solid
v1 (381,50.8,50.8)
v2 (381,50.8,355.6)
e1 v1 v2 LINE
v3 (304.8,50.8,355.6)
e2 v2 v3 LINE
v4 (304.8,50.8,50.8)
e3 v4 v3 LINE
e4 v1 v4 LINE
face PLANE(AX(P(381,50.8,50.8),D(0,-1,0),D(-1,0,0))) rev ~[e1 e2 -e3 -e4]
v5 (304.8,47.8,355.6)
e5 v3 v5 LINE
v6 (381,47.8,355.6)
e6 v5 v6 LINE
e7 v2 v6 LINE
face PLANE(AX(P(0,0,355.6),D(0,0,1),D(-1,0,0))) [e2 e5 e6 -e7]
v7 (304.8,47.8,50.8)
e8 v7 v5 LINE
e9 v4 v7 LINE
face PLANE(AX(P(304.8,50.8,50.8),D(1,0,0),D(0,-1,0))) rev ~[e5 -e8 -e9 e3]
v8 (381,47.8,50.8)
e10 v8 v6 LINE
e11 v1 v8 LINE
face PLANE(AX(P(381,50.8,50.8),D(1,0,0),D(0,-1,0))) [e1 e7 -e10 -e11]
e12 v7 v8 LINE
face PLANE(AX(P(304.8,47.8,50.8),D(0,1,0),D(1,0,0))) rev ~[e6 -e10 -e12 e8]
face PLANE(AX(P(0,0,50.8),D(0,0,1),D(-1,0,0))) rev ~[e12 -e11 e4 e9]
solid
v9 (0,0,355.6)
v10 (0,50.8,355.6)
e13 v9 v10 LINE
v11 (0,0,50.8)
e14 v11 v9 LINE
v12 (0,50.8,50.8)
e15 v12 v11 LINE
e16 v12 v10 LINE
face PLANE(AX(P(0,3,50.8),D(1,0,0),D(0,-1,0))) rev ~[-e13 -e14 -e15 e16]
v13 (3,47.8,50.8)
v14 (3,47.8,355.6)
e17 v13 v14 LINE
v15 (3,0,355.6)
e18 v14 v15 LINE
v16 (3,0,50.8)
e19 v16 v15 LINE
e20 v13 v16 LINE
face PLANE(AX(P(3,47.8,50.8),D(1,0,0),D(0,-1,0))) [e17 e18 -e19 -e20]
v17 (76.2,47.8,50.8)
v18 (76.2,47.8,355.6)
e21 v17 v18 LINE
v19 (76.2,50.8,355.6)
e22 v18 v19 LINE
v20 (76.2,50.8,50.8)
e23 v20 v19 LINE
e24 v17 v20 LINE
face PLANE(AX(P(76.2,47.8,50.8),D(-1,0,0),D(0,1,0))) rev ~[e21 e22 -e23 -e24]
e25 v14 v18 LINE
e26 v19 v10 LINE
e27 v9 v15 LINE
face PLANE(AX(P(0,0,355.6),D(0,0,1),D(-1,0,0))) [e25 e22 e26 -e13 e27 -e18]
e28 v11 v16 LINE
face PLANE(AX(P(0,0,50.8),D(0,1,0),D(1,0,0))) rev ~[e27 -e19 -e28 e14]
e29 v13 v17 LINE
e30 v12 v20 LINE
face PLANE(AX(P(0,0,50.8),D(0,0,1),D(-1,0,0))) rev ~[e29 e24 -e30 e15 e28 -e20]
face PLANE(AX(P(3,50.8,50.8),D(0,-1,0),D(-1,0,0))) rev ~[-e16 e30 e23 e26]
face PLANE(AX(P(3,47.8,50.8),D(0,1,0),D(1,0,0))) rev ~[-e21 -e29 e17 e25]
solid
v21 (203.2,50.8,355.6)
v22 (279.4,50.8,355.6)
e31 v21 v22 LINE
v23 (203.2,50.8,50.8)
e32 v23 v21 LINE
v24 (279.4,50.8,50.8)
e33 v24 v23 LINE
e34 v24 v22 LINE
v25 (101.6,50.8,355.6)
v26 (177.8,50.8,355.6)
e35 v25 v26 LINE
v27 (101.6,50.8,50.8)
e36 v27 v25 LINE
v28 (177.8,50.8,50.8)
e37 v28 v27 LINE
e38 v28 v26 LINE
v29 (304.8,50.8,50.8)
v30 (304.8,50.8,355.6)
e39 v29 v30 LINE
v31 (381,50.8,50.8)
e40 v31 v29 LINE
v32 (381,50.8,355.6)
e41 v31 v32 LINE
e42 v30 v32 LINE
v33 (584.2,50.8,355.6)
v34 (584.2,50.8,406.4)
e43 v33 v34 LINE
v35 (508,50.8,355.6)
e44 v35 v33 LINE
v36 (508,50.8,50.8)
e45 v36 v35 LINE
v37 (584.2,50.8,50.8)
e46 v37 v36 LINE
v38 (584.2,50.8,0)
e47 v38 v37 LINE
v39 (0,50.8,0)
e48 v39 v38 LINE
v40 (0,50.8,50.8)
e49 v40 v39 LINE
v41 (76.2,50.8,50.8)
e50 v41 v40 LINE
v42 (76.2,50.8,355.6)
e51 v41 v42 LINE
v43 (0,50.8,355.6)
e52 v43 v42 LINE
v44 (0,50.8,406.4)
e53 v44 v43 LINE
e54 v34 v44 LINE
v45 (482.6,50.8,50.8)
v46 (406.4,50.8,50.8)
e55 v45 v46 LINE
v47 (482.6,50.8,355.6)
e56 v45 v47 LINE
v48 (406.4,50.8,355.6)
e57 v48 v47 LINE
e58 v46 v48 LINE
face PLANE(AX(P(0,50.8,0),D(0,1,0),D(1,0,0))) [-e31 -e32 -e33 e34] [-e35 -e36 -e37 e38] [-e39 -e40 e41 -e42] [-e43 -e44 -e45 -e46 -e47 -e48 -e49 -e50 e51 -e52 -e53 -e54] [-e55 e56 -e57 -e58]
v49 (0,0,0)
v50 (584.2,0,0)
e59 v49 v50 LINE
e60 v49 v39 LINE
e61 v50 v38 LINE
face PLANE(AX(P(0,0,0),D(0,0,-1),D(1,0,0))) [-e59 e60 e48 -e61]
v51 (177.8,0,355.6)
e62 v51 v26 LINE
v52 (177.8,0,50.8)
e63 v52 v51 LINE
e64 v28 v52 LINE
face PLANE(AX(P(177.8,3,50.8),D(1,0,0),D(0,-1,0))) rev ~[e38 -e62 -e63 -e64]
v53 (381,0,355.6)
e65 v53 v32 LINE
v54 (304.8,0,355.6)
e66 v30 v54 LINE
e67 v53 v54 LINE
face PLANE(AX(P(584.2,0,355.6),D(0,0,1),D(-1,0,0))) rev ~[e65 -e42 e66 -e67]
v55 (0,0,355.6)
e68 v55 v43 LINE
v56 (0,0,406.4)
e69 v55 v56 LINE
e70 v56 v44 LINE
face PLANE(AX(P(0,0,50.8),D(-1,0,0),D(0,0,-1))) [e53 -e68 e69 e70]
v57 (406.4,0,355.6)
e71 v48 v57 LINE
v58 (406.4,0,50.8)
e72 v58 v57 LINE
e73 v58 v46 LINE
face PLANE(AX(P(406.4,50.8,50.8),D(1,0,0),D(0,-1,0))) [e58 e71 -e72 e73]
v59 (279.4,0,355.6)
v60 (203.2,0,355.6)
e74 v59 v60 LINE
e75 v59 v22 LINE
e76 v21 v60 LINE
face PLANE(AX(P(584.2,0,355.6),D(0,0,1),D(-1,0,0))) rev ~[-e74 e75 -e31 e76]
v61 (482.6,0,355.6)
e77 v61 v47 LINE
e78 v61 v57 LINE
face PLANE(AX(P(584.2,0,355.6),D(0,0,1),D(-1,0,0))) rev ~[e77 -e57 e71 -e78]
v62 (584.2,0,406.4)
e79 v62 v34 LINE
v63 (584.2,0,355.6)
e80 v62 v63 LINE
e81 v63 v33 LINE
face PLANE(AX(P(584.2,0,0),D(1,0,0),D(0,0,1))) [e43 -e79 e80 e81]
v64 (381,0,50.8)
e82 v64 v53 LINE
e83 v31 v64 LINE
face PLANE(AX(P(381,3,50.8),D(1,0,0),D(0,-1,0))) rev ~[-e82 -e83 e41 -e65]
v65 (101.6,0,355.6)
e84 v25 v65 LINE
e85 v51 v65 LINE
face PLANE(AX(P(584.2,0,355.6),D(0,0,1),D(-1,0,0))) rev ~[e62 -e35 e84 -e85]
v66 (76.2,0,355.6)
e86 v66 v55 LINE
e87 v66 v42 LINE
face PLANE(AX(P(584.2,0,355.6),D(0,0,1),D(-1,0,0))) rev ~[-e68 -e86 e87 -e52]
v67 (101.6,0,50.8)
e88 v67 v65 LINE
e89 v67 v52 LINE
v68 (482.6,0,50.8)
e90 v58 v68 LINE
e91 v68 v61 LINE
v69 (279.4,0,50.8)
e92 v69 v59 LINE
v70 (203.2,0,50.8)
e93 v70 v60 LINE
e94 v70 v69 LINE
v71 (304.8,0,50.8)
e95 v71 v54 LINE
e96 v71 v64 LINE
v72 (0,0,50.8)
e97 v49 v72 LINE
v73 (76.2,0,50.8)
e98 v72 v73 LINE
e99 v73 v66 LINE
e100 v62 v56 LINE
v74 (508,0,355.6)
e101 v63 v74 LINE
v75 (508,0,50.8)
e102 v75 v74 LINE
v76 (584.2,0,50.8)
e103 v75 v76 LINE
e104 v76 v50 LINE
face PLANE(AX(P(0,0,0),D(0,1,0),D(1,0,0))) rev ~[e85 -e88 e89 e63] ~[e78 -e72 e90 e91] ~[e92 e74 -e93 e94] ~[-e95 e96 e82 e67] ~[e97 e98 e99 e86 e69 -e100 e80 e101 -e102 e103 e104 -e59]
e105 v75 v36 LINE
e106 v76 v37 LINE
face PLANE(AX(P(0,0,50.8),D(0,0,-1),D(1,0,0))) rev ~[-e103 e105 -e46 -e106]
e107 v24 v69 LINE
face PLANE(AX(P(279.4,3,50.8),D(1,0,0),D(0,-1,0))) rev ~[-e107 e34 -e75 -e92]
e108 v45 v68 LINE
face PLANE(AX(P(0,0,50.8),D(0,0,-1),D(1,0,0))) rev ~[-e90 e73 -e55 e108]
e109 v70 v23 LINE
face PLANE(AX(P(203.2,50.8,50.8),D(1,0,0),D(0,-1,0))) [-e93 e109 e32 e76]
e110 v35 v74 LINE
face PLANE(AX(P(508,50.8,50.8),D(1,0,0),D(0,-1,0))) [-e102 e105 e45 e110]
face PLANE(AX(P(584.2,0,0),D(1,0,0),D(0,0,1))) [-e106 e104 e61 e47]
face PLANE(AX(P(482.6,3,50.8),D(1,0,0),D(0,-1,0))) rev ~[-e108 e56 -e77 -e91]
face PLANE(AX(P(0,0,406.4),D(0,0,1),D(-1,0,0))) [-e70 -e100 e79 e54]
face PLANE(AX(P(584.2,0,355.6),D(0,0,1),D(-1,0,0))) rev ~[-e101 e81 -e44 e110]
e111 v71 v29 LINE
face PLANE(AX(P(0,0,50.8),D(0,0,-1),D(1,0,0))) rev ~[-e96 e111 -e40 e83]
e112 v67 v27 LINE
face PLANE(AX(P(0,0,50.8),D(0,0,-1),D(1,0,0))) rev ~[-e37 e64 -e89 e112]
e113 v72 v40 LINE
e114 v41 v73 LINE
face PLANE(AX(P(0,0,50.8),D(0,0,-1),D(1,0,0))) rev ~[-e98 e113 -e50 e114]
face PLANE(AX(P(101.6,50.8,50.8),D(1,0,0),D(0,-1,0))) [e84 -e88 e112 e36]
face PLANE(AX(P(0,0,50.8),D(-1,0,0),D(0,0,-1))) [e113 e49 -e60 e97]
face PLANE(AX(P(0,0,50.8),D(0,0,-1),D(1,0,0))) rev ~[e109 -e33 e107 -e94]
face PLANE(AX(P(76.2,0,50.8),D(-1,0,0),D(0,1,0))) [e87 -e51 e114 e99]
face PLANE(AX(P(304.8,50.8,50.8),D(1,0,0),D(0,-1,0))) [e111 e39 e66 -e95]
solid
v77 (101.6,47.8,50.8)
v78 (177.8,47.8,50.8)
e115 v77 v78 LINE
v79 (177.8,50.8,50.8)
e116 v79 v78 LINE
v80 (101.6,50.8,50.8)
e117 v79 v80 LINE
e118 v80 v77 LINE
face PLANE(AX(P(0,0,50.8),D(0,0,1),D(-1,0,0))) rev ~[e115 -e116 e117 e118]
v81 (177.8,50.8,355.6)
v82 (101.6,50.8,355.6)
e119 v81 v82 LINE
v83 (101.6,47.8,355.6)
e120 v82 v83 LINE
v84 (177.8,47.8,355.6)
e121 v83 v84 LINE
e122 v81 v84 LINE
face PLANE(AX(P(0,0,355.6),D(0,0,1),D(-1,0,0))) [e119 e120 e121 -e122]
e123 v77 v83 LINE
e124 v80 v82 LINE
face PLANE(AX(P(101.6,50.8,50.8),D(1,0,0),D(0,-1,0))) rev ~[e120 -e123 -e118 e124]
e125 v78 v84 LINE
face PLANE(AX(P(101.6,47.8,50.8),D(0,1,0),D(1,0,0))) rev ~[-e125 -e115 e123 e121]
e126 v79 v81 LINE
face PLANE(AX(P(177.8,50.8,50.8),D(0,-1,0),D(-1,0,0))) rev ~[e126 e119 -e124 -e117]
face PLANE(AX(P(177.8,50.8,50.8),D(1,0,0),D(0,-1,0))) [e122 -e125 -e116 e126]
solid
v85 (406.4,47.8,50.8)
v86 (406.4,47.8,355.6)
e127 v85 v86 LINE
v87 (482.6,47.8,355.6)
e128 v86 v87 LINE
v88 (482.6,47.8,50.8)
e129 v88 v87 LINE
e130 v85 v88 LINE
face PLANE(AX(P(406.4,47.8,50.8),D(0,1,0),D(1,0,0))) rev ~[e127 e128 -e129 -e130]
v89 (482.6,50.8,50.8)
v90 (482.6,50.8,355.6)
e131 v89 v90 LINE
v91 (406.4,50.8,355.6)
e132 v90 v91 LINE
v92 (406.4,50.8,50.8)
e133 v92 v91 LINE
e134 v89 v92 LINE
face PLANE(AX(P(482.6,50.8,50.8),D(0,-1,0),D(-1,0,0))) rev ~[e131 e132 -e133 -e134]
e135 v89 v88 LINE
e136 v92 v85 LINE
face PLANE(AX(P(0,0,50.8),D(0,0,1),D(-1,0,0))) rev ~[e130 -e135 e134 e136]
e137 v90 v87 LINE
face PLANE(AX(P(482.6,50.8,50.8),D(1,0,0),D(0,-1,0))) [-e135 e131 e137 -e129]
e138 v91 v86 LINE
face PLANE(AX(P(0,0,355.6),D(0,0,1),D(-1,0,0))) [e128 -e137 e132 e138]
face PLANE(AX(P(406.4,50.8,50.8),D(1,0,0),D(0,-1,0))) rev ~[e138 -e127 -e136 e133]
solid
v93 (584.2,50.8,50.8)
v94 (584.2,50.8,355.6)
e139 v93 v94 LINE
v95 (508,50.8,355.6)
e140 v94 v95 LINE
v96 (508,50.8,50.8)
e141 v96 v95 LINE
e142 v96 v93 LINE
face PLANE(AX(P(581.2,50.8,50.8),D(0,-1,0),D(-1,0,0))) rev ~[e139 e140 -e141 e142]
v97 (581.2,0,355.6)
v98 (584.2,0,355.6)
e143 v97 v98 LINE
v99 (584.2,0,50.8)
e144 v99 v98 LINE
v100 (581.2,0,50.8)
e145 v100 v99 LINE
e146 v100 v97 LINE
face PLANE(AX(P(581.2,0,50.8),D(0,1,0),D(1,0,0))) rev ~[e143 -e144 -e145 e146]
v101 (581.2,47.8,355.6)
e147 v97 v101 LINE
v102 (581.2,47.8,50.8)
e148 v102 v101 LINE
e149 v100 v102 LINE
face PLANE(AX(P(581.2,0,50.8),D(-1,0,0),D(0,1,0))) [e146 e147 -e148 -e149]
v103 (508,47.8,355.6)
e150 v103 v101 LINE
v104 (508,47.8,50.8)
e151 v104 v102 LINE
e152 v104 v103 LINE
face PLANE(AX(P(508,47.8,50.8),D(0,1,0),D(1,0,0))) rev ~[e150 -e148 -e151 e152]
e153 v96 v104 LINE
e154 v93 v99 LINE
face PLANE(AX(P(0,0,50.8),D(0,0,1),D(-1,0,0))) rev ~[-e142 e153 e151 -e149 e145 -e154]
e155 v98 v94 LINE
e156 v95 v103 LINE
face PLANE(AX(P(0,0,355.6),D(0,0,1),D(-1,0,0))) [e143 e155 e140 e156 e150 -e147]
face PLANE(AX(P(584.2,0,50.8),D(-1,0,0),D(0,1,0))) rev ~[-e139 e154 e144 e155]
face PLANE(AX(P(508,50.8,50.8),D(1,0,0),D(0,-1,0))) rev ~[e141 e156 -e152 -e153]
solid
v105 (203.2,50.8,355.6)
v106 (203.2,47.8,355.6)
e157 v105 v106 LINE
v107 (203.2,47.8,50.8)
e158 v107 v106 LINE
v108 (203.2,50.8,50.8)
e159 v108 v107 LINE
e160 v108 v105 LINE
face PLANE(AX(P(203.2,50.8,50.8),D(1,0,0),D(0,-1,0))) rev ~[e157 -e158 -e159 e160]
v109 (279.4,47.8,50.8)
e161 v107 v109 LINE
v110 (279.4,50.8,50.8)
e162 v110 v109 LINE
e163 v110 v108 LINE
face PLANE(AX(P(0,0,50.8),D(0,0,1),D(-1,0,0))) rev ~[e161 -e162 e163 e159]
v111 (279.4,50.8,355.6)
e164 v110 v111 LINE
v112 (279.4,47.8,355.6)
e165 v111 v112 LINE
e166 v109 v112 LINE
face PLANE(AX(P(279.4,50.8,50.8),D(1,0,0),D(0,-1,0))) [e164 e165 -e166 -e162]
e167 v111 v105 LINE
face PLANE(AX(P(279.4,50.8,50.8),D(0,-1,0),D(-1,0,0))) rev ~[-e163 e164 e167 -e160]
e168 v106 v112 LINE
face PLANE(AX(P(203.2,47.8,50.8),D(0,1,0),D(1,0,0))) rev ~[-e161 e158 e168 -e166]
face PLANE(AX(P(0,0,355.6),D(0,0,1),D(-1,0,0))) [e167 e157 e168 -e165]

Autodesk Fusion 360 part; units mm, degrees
sketch "Sketch2" plane through (0, 0, 0) normal (0, 1, 0) x (1, 0, 0)
sketch "Sketch3" plane through (0, 0, 0) normal (0, 1, 0) x (1, 0, 0)
  line L0 (0, 0) -> (584.2, 0)
  line L1 (584.2, 0) -> (584.2, -50.8)
  line L2 (584.2, -50.8) -> (0, -50.8)
  line L3 (0, -50.8) -> (0, 0)
  dimension "d1" = 584.2
  dimension "d2" = 50.8
extrude "Extrude1" add sketch "Sketch3" along normal blind 50.8 makes body 1
sketch "Sketch4" plane through (0, 0, 50.8) normal (0, 0, 1) x (-1, 0, 0)
  line L0 (0, 0) -> (-584.2, 0)
  line L1 (-584.2, 0) -> (-584.2, -50.8)
  line L2 (-584.2, -50.8) -> (0, -50.8)
  line L3 (0, -50.8) -> (0, 0)
  line L4 (0, 0) -> (-76.2, 0)
  line L5 (-76.2, 0) -> (-76.2, -50.8)
  line L6 (-76.2, -50.8) -> (0, -50.8)
  line L7 (0, -50.8) -> (0, 0)
  line L8 (-76.2, -50.8) -> (-101.6, -50.8)
  line L9 (-101.6, -50.8) -> (-101.6, 0)
  line L10 (-101.6, 0) -> (-76.2, 0)
  line L11 (-76.2, 0) -> (-76.2, -50.8)
  line L12 (-101.6, -50.8) -> (-177.8, -50.8)
  line L13 (-177.8, -50.8) -> (-177.8, 0)
  line L14 (-177.8, 0) -> (-101.6, 0)
  line L15 (-101.6, 0) -> (-101.6, -50.8)
  line L16 (-177.8, -50.8) -> (-203.2, -50.8)
  line L17 (-203.2, -50.8) -> (-203.2, 0)
  line L18 (-203.2, 0) -> (-177.8, 0)
  line L19 (-177.8, 0) -> (-177.8, -50.8)
  line L20 (-203.2, -50.8) -> (-279.4, -50.8)
  line L21 (-279.4, -50.8) -> (-279.4, 0)
  line L22 (-279.4, 0) -> (-203.2, 0)
  line L23 (-203.2, 0) -> (-203.2, -50.8)
  line L24 (-279.4, -50.8) -> (-304.8, -50.8)
  line L25 (-304.8, -50.8) -> (-304.8, 0)
  line L26 (-304.8, 0) -> (-279.4, 0)
  line L27 (-279.4, 0) -> (-279.4, -50.8)
  line L28 (-304.8, -50.8) -> (-381, -50.8)
  line L29 (-381, -50.8) -> (-381, 0)
  line L30 (-381, 0) -> (-304.8, 0)
  line L31 (-304.8, 0) -> (-304.8, -50.8)
  line L32 (-381, -50.8) -> (-406.4, -50.8)
  line L33 (-406.4, -50.8) -> (-406.4, 0)
  line L34 (-406.4, 0) -> (-381, 0)
  line L35 (-381, 0) -> (-381, -50.8)
  line L36 (-406.4, -50.8) -> (-482.6, -50.8)
  line L37 (-482.6, -50.8) -> (-482.6, 0)
  line L38 (-482.6, 0) -> (-406.4, 0)
  line L39 (-406.4, 0) -> (-406.4, -50.8)
  line L40 (-482.6, -50.8) -> (-508, -50.8)
  line L41 (-508, -50.8) -> (-508, 0)
  line L42 (-508, 0) -> (-482.6, 0)
  line L43 (-482.6, 0) -> (-482.6, -50.8)
  line L44 (-508, -50.8) -> (-584.2, -50.8)
  line L45 (-584.2, -50.8) -> (-584.2, 0)
  line L46 (-584.2, 0) -> (-508, 0)
  line L47 (-508, 0) -> (-508, -50.8)
  line L48 (0, -50.8) -> (-3, -50.8)
  line L49 (-3, -50.8) -> (-3, 0)
  line L50 (-3, 0) -> (0, 0)
  line L51 (0, 0) -> (0, -50.8)
  line L52 (0, 0) -> (-76.2, 0)
  line L53 (-76.2, 0) -> (-76.2, -3)
  line L54 (0, -3) -> (0, 0)
  line L55 (-101.6, 0) -> (-177.8, 0)
  line L56 (-177.8, 0) -> (-177.8, -3)
  line L57 (-101.6, -3) -> (-101.6, 0)
  line L58 (-203.2, 0) -> (-279.4, 0)
  line L59 (-279.4, 0) -> (-279.4, -3)
  line L60 (-203.2, -3) -> (-203.2, 0)
  line L61 (-304.8, 0) -> (-381, 0)
  line L62 (-381, 0) -> (-381, -3)
  line L63 (-304.8, -3) -> (-304.8, 0)
  line L64 (-406.4, 0) -> (-482.6, 0)
  line L65 (-482.6, 0) -> (-482.6, -3)
  line L66 (-406.4, -3) -> (-406.4, 0)
  line L67 (-508, 0) -> (-584.2, 0)
  line L68 (-584.2, 0) -> (-584.2, -3)
  line L69 (-508, -3) -> (-508, 0)
  line L70 (-584.2, 0) -> (-581.2, 0)
  line L71 (-581.2, 0) -> (-581.2, -50.8)
  line L72 (-581.2, -50.8) -> (-584.2, -50.8)
  line L73 (-584.2, -50.8) -> (-584.2, 0)
  line L74 (-584.2, -50.8) -> (-508, -50.8)
  line L75 (-508, -50.8) -> (-508, -47.8)
  line L76 (-508, -47.8) -> (-584.2, -47.8)
  line L77 (-584.2, -47.8) -> (-584.2, -50.8)
  line L78 (-482.6, -50.8) -> (-406.4, -50.8)
  line L79 (-406.4, -50.8) -> (-406.4, -47.8)
  line L80 (-406.4, -47.8) -> (-482.6, -47.8)
  line L81 (-482.6, -47.8) -> (-482.6, -50.8)
  line L82 (-381, -50.8) -> (-304.8, -50.8)
  line L83 (-304.8, -50.8) -> (-304.8, -47.8)
  line L84 (-304.8, -47.8) -> (-381, -47.8)
  line L85 (-381, -47.8) -> (-381, -50.8)
  line L86 (-279.4, -50.8) -> (-203.2, -50.8)
  line L87 (-203.2, -50.8) -> (-203.2, -47.8)
  line L88 (-203.2, -47.8) -> (-279.4, -47.8)
  line L89 (-279.4, -47.8) -> (-279.4, -50.8)
  line L90 (-177.8, -50.8) -> (-101.6, -50.8)
  line L91 (-101.6, -50.8) -> (-101.6, -47.8)
  line L92 (-101.6, -47.8) -> (-177.8, -47.8)
  line L93 (-177.8, -47.8) -> (-177.8, -50.8)
  line L94 (-76.2, -50.8) -> (0, -50.8)
  line L95 (0, -50.8) -> (0, -47.8)
  line L96 (0, -47.8) -> (-76.2, -47.8)
  line L97 (-76.2, -47.8) -> (-76.2, -50.8)
  dimension "d5" = 76.2
  dimension "d6" = 25.4
  dimension "d7" = 76.2
  dimension "d8" = 25.4
  dimension "d9" = 76.2
  dimension "d10" = 25.4
  dimension "d11" = 76.2
  dimension "d12" = 25.4
  dimension "d13" = 76.2
  dimension "d14" = 25.4
  dimension "d15" = 76.2
  dimension "d24" = 3
  dimension "d25" = 3
  dimension "d26" = 3
  dimension "d27" = 3
  dimension "d28" = 3
  dimension "d29" = 3
  dimension "d30" = 3
  dimension "d31" = 3
  dimension "d32" = 3
  dimension "d33" = 3
  dimension "d34" = 3
  dimension "d35" = 3
  dimension "d36" = 3
  dimension "d37" = 3
sketch "Sketch5" plane through (0, 0, 0) normal (0, 1, 0) x (1, 0, 0)
extrude "Extrude2" add sketch "Sketch4" along normal blind 355.6 bodies 1
sketch "Sketch6" plane through (0, 0, 0) normal (0, -1, 0) x (1, 0, 0)
  line L0 (0, 406.4) -> (0, 0)
  line L1 (0, 0) -> (584.2, 0)
  line L2 (584.2, 0) -> (584.2, 406.4)
  line L3 (584.2, 406.4) -> (0, 406.4)
  line L4 (0, 0) -> (0, 50.8) construction
  line L5 (0, 50.8) -> (584.2, 50.8)
  line L6 (584.2, 50.8) -> (584.2, 355.6)
  line L7 (584.2, 355.6) -> (0, 355.6)
  line L8 (0, 355.6) -> (0, 50.8)
  dimension "d18" = 50.8
  dimension "d19" = 304.8
extrude "Extrude3" cut sketch "Sketch6" against normal blind 325 contours L0 L2 L5 L6 L7 L8 bodies 1 makes body 2 at (194.7333, 33.8667, 406.4)
extrude "Extrude4" add sketch "Sketch4" along normal blind 304.8 contours L0 L2 L5 L8 L9 L10 L11 L15 L53 L57 L91 L97 | L0 L2 L13 L16 L17 L18 L19 L23 L56 L60 L87 L93 | L0 L2 L21 L24 L25 L26 L27 L31 L59 L63 L83 L89 | L0 L2 L29 L32 L33 L34 L35 L39 L62 L66 L79 L85 | L0 L2 L37 L40 L41 L42 L43 L47 L65 L69 L75 L81 bodies 1 2
extrude "Extrude5" add sketch "Sketch4" along normal blind 304.8 separate body contours L0 L3 L4 L7 L49 L50 L51 L52 L54 L96 | L2 L3 L6 L7 L48 L49 L51 L94 L95 L96 | L2 L5 L6 L11 L49 L94 L96 L97 | L2 L9 L12 L13 L15 L19 L90 L91 L92 L93 | L2 L17 L20 L21 L23 L27 L86 L87 L88 L89 | L2 L25 L28 L29 L31 L35 L82 L83 L84 L85 | L2 L33 L36 L37 L39 L43 L78 L79 L80 L81 | L0 L1 L45 L46 L67 L68 L70 L71 L73 L76 | L2 L41 L44 L47 L71 L74 L75 L76 | L1 L2 L44 L45 L71 L72 L73 L74 L76 L77 makes body 3 at (254, 50.8, 254) makes body 4 at (558.8, 50.8, 254) makes body 5 at (127, 47.8, 254) makes body 6 at (355.6, 50.8, 254) makes body 7 at (431.8, 47.8, 254) makes body 8 at (50.8, 50.8, 254)
sketch "Sketch7" plane through (0, 0, 0) normal (0, -1, 0) x (1, 0, 0)
  line L0 (482.6, 50.8) -> (406.4, 50.8)
  line L1 (406.4, 50.8) -> (406.4, 355.6)
  line L2 (406.4, 355.6) -> (482.6, 355.6)
  line L3 (482.6, 355.6) -> (482.6, 50.8)
  line L4 (508, 50.8) -> (508, 355.6)
  line L5 (508, 355.6) -> (584.2, 355.6)
  line L6 (584.2, 355.6) -> (584.2, 406.4)
  line L7 (584.2, 406.4) -> (0, 406.4)
  line L8 (0, 406.4) -> (0, 355.6)
  line L9 (0, 355.6) -> (76.2, 355.6)
  line L10 (76.2, 355.6) -> (76.2, 50.8)
  line L11 (76.2, 50.8) -> (0, 50.8)
  line L12 (0, 50.8) -> (0, 0)
  line L13 (0, 0) -> (584.2, 0)
  line L14 (584.2, 0) -> (584.2, 50.8)
  line L15 (584.2, 50.8) -> (508, 50.8)
  line L16 (381, 50.8) -> (304.8, 50.8)
  line L17 (304.8, 50.8) -> (304.8, 355.6)
  line L18 (304.8, 355.6) -> (381, 355.6)
  line L19 (381, 355.6) -> (381, 50.8)
  line L20 (101.6, 50.8) -> (101.6, 355.6)
  line L21 (101.6, 355.6) -> (177.8, 355.6)
  line L22 (177.8, 355.6) -> (177.8, 50.8)
  line L23 (177.8, 50.8) -> (101.6, 50.8)
  line L24 (203.2, 50.8) -> (203.2, 355.6)
  line L25 (203.2, 355.6) -> (279.4, 355.6)
  line L26 (279.4, 355.6) -> (279.4, 50.8)
  line L27 (279.4, 50.8) -> (203.2, 50.8)
  line L28 (0, 406.4) -> (584.2, 406.4)
  line L29 (584.2, 406.4) -> (584.2, 0)
  line L30 (584.2, 0) -> (0, 0)
  line L31 (0, 0) -> (0, 406.4)
sketch "Sketch8" plane through (292.1, 0, 203.2) normal (0, -1, 0) x (1, 0, 0)
sketch "Sketch9" plane through (0, 0, 0) normal (0, -1, 0) x (1, 0, 0)
  line L0 (0, 0) -> (584.2, 0)
  line L1 (584.2, 0) -> (584.2, 406.4)
  line L2 (584.2, 406.4) -> (0, 406.4)
  line L3 (0, 406.4) -> (0, 0)
  dimension "d40" = 584.2
  dimension "d41" = 406.4
